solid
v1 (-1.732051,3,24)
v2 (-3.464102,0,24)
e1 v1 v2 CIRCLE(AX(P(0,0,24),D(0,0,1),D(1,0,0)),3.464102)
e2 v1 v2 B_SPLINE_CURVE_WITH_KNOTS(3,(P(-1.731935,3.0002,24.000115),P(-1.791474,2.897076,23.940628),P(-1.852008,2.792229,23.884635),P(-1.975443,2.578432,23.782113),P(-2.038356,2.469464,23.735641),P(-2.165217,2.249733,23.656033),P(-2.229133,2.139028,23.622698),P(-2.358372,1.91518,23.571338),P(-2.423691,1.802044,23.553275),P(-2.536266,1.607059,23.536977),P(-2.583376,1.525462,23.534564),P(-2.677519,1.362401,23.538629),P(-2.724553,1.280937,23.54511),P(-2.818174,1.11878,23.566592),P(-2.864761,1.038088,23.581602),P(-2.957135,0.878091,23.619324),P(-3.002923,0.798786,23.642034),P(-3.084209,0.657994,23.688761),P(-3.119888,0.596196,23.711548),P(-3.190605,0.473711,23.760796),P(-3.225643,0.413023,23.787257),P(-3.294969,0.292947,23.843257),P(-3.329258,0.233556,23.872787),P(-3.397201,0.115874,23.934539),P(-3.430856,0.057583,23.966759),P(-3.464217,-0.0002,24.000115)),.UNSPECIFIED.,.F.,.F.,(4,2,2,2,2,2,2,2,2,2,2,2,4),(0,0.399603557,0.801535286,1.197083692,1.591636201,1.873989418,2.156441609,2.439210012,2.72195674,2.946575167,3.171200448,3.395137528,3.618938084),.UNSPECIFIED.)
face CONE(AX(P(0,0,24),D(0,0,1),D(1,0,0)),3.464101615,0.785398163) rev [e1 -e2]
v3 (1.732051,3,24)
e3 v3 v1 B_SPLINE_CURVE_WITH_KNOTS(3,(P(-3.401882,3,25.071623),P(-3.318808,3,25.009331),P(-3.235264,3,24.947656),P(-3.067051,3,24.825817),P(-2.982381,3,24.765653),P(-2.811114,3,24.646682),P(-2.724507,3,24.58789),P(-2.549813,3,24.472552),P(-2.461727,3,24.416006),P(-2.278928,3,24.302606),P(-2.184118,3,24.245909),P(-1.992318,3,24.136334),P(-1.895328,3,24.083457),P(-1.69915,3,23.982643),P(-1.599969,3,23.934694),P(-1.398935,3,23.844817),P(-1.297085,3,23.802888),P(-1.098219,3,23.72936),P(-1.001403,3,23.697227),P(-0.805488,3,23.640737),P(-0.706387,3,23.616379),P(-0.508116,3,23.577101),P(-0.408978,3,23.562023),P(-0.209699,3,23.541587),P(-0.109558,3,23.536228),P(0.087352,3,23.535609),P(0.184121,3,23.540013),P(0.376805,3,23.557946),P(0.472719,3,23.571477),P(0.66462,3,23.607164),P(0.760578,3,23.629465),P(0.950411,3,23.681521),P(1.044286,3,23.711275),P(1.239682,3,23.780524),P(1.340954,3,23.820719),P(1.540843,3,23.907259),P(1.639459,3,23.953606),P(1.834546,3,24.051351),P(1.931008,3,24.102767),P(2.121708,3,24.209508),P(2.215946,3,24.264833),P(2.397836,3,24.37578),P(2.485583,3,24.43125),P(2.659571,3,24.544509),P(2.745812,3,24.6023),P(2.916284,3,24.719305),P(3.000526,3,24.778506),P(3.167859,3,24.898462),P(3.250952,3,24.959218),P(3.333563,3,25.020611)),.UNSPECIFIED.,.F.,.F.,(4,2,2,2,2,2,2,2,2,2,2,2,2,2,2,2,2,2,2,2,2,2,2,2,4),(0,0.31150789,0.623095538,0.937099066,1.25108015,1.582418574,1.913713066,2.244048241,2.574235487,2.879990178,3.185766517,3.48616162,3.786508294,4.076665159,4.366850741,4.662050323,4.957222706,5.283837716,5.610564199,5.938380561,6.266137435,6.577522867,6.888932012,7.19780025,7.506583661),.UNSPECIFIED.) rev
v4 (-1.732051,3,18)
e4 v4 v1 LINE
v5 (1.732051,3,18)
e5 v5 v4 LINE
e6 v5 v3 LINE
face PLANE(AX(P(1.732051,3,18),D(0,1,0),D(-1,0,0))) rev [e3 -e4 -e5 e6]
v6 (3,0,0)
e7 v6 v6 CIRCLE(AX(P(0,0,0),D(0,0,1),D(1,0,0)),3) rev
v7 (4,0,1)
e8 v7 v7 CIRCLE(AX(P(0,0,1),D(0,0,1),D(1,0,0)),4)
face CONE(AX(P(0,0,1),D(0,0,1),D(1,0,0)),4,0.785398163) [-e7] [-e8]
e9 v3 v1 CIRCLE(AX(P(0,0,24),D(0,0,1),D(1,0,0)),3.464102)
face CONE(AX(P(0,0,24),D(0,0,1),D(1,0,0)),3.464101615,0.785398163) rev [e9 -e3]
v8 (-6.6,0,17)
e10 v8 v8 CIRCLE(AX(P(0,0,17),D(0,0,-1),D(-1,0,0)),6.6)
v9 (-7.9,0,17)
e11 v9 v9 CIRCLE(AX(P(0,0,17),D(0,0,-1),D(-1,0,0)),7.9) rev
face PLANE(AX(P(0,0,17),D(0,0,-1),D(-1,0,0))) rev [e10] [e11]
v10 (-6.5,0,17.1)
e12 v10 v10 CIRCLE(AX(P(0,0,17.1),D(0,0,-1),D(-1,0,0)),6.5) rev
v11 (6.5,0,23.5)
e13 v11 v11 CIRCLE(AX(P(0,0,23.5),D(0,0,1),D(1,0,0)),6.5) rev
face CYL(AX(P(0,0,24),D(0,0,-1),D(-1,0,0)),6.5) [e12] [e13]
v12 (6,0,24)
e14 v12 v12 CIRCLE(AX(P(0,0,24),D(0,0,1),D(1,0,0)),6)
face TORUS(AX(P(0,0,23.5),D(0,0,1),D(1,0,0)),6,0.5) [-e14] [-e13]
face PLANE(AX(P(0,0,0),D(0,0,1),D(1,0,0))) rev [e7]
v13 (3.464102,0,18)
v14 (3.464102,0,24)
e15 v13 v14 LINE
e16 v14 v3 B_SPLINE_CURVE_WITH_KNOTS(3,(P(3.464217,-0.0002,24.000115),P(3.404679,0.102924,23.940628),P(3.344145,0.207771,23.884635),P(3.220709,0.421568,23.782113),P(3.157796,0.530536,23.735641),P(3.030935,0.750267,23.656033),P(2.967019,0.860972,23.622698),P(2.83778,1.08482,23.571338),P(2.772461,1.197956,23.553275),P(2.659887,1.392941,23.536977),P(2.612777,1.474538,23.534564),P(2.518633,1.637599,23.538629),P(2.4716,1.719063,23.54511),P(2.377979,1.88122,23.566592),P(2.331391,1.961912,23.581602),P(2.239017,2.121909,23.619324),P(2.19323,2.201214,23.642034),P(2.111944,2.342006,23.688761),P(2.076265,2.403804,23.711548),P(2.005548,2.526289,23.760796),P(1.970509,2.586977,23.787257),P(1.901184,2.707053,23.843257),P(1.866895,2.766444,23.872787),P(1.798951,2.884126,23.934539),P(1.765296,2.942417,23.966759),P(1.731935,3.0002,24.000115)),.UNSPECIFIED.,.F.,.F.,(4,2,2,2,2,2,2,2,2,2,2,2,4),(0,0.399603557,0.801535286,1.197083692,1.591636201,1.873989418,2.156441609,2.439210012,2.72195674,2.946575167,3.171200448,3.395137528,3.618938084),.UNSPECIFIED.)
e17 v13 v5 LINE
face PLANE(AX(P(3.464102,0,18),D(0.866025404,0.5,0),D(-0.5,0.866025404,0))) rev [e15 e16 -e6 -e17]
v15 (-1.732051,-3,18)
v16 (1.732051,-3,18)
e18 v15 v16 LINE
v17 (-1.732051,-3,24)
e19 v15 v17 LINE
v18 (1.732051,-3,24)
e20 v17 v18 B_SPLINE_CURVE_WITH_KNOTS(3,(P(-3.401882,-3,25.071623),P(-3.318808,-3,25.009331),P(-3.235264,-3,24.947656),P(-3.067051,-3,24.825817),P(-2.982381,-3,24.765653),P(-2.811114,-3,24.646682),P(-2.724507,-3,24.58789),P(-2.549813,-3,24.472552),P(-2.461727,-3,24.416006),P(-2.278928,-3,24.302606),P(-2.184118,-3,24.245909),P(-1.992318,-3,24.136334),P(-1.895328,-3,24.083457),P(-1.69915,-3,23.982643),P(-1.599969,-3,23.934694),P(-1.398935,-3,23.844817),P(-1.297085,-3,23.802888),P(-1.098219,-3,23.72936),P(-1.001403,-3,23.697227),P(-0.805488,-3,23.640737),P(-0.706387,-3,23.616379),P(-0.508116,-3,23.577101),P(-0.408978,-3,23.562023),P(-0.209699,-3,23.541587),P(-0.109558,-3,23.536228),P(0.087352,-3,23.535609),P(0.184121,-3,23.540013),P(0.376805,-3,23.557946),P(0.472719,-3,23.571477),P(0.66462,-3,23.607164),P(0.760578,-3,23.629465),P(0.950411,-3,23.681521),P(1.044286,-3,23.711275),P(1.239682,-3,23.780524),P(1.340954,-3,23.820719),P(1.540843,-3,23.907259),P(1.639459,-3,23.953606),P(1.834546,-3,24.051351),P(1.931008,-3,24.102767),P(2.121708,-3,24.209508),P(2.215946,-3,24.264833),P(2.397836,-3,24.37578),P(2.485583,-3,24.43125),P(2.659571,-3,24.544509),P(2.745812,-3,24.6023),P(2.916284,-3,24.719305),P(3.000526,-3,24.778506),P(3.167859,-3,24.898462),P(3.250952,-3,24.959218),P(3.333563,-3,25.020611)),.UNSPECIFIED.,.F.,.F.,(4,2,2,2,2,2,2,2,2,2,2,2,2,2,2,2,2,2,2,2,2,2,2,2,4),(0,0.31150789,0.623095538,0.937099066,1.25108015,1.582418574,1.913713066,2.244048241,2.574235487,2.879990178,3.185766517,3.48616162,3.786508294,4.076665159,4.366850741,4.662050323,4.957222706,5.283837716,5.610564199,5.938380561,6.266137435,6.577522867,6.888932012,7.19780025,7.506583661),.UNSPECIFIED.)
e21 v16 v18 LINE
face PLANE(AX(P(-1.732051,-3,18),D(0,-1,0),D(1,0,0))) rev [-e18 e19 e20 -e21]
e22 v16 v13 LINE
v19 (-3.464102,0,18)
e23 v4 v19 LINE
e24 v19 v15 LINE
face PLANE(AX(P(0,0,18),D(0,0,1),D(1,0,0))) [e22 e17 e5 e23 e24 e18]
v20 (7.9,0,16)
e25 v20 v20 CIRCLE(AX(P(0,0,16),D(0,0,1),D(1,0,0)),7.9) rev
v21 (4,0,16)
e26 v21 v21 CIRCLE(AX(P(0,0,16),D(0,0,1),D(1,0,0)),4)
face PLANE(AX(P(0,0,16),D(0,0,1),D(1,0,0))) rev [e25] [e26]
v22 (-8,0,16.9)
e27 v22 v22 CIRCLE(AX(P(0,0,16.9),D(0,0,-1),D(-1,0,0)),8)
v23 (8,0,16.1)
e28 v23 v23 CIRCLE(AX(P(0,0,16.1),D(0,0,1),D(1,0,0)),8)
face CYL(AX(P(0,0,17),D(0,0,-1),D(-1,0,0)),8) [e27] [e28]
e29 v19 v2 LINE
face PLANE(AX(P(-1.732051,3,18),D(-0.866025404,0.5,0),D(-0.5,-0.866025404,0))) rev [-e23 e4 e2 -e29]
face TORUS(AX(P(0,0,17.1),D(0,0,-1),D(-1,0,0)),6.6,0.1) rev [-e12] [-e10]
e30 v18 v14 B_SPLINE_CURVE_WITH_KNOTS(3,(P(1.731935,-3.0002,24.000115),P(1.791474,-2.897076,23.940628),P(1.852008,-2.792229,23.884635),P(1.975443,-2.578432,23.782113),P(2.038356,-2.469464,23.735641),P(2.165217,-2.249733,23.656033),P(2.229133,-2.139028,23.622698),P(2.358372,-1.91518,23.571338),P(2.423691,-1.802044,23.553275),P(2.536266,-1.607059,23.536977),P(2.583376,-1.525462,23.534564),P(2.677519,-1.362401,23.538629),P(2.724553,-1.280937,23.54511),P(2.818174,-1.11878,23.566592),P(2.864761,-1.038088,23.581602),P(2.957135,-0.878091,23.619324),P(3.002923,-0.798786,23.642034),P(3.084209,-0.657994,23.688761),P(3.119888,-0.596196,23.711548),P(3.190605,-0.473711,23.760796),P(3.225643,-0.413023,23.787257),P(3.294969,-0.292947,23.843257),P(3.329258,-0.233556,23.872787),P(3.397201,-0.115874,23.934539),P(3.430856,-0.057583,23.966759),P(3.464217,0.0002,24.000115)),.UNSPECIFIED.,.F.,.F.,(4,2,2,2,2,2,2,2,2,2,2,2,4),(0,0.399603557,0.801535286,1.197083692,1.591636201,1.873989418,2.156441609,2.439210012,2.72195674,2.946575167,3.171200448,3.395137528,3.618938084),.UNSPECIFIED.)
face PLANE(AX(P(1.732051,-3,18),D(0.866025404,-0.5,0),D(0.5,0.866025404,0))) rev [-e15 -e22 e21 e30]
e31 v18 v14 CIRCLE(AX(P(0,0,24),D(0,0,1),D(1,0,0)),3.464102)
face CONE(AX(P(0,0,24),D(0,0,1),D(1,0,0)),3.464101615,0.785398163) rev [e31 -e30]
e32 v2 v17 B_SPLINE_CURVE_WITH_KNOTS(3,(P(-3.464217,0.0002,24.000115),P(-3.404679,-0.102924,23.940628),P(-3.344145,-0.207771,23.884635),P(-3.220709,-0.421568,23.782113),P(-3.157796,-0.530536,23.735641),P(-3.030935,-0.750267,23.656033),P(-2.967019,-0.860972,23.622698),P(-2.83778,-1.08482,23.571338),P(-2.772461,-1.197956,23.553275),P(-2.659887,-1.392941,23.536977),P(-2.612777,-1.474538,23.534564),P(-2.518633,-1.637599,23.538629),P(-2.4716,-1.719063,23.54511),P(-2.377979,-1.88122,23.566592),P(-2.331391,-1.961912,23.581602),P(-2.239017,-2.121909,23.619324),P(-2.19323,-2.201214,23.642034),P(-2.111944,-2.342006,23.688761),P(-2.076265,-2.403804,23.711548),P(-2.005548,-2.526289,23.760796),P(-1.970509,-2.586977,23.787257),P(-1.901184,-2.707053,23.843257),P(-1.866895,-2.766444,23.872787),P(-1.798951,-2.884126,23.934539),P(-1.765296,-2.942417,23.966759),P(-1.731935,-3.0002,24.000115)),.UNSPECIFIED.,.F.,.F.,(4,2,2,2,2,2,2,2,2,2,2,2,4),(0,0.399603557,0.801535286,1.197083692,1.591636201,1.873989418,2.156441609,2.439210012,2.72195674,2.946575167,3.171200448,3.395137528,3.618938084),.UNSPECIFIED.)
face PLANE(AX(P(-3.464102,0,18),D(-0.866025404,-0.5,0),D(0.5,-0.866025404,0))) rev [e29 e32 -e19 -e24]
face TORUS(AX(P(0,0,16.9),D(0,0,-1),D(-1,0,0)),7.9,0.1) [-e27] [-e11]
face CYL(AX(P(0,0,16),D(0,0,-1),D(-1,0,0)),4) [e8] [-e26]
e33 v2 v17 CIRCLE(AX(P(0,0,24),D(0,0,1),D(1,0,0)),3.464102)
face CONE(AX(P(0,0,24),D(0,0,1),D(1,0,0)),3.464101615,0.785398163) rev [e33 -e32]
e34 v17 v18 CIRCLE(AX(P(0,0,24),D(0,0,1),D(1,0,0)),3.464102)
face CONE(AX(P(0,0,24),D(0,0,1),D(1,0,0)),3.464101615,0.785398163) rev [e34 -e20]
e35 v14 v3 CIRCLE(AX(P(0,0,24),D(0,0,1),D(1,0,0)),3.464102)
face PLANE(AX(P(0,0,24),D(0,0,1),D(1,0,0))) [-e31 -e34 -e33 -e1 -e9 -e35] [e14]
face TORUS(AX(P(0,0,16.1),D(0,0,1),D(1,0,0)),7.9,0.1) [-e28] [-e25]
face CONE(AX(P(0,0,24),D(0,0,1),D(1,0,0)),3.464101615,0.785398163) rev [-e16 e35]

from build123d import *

# Parameters (mm, degrees)
SCHIZZO1_R                   = 4
ESTRUSIONE_ESTRUSIONE1_DEPTH = 16
SMUSSO1_SIZE                 = 1
SCHIZZO6_R                   = 6.5
ESTRUSIONE_ESTRUSIONE3_DEPTH = 8
TAGLIO_ESTRUSIONE3_DEPTH     = 6
SCHIZZO8_R                   = 3.464101615
TAGLIO_ESTRUSIONE4_DEPTH     = 1
TAGLIO_ESTRUSIONE4_TAPER     = 45
RACCORDO1_R                  = 0.5
SCHIZZO9_R                   = 8
SCHIZZO9_R_2                 = 6.5
ESTRUSIONE_ESTRUSIONE4_DEPTH = 1
RACCORDO2_R                  = 0.1


with BuildPart() as part:
    # Schizzo1 → Estrusione-Estrusione1 (new body)
    with BuildSketch(Plane.XY):
        Circle(SCHIZZO1_R)
    extrude(amount=ESTRUSIONE_ESTRUSIONE1_DEPTH)

    # Smusso1
    smusso1_edges = [part.edges().sort_by_distance(p)[0] for p in [
        (-4, 0, 0),
    ]]
    chamfer(smusso1_edges, length=SMUSSO1_SIZE)

    # Schizzo6 → Estrusione-Estrusione3 (add)
    with BuildSketch(Plane.XY.offset(16)):
        Circle(SCHIZZO6_R)
    extrude(amount=ESTRUSIONE_ESTRUSIONE3_DEPTH)

    # Schizzo7 → Taglio-Estrusione3 (cut)
    with BuildSketch(Plane.XY.offset(24)):
        Polygon((1.732050808, 3), (-1.732050808, 3), (-3.464101615, 0), (-1.732050808, -3), (1.732050808, -3), (3.464101615, 0), align=None)
    extrude(amount=-TAGLIO_ESTRUSIONE3_DEPTH, mode=Mode.SUBTRACT)

    # Schizzo8 → Taglio-Estrusione4 (cut)
    with BuildSketch(Plane.XY.offset(24)):
        Circle(SCHIZZO8_R)
    extrude(amount=-TAGLIO_ESTRUSIONE4_DEPTH, taper=TAGLIO_ESTRUSIONE4_TAPER, mode=Mode.SUBTRACT)

    # Raccordo1
    raccordo1_edges = [part.edges().sort_by_distance(p)[0] for p in [
        (-6.5, 0, 24),
    ]]
    fillet(raccordo1_edges, radius=RACCORDO1_R)

    # Schizzo9 → Estrusione-Estrusione4 (add)
    with BuildSketch(Plane(origin=(0, 0, 16), x_dir=(-1, 0, 0), z_dir=(0, 0, -1))):
        Circle(SCHIZZO9_R)
        Circle(SCHIZZO9_R_2, mode=Mode.SUBTRACT)
    extrude(amount=-ESTRUSIONE_ESTRUSIONE4_DEPTH)

    # Raccordo2
    raccordo2_edges = [part.edges().sort_by_distance(p)[0] for p in [
        (-6.5, 0, 17),
        (8, 0, 17),
        (8, 0, 16),
    ]]
    fillet(raccordo2_edges, radius=RACCORDO2_R)


solid = part.part
